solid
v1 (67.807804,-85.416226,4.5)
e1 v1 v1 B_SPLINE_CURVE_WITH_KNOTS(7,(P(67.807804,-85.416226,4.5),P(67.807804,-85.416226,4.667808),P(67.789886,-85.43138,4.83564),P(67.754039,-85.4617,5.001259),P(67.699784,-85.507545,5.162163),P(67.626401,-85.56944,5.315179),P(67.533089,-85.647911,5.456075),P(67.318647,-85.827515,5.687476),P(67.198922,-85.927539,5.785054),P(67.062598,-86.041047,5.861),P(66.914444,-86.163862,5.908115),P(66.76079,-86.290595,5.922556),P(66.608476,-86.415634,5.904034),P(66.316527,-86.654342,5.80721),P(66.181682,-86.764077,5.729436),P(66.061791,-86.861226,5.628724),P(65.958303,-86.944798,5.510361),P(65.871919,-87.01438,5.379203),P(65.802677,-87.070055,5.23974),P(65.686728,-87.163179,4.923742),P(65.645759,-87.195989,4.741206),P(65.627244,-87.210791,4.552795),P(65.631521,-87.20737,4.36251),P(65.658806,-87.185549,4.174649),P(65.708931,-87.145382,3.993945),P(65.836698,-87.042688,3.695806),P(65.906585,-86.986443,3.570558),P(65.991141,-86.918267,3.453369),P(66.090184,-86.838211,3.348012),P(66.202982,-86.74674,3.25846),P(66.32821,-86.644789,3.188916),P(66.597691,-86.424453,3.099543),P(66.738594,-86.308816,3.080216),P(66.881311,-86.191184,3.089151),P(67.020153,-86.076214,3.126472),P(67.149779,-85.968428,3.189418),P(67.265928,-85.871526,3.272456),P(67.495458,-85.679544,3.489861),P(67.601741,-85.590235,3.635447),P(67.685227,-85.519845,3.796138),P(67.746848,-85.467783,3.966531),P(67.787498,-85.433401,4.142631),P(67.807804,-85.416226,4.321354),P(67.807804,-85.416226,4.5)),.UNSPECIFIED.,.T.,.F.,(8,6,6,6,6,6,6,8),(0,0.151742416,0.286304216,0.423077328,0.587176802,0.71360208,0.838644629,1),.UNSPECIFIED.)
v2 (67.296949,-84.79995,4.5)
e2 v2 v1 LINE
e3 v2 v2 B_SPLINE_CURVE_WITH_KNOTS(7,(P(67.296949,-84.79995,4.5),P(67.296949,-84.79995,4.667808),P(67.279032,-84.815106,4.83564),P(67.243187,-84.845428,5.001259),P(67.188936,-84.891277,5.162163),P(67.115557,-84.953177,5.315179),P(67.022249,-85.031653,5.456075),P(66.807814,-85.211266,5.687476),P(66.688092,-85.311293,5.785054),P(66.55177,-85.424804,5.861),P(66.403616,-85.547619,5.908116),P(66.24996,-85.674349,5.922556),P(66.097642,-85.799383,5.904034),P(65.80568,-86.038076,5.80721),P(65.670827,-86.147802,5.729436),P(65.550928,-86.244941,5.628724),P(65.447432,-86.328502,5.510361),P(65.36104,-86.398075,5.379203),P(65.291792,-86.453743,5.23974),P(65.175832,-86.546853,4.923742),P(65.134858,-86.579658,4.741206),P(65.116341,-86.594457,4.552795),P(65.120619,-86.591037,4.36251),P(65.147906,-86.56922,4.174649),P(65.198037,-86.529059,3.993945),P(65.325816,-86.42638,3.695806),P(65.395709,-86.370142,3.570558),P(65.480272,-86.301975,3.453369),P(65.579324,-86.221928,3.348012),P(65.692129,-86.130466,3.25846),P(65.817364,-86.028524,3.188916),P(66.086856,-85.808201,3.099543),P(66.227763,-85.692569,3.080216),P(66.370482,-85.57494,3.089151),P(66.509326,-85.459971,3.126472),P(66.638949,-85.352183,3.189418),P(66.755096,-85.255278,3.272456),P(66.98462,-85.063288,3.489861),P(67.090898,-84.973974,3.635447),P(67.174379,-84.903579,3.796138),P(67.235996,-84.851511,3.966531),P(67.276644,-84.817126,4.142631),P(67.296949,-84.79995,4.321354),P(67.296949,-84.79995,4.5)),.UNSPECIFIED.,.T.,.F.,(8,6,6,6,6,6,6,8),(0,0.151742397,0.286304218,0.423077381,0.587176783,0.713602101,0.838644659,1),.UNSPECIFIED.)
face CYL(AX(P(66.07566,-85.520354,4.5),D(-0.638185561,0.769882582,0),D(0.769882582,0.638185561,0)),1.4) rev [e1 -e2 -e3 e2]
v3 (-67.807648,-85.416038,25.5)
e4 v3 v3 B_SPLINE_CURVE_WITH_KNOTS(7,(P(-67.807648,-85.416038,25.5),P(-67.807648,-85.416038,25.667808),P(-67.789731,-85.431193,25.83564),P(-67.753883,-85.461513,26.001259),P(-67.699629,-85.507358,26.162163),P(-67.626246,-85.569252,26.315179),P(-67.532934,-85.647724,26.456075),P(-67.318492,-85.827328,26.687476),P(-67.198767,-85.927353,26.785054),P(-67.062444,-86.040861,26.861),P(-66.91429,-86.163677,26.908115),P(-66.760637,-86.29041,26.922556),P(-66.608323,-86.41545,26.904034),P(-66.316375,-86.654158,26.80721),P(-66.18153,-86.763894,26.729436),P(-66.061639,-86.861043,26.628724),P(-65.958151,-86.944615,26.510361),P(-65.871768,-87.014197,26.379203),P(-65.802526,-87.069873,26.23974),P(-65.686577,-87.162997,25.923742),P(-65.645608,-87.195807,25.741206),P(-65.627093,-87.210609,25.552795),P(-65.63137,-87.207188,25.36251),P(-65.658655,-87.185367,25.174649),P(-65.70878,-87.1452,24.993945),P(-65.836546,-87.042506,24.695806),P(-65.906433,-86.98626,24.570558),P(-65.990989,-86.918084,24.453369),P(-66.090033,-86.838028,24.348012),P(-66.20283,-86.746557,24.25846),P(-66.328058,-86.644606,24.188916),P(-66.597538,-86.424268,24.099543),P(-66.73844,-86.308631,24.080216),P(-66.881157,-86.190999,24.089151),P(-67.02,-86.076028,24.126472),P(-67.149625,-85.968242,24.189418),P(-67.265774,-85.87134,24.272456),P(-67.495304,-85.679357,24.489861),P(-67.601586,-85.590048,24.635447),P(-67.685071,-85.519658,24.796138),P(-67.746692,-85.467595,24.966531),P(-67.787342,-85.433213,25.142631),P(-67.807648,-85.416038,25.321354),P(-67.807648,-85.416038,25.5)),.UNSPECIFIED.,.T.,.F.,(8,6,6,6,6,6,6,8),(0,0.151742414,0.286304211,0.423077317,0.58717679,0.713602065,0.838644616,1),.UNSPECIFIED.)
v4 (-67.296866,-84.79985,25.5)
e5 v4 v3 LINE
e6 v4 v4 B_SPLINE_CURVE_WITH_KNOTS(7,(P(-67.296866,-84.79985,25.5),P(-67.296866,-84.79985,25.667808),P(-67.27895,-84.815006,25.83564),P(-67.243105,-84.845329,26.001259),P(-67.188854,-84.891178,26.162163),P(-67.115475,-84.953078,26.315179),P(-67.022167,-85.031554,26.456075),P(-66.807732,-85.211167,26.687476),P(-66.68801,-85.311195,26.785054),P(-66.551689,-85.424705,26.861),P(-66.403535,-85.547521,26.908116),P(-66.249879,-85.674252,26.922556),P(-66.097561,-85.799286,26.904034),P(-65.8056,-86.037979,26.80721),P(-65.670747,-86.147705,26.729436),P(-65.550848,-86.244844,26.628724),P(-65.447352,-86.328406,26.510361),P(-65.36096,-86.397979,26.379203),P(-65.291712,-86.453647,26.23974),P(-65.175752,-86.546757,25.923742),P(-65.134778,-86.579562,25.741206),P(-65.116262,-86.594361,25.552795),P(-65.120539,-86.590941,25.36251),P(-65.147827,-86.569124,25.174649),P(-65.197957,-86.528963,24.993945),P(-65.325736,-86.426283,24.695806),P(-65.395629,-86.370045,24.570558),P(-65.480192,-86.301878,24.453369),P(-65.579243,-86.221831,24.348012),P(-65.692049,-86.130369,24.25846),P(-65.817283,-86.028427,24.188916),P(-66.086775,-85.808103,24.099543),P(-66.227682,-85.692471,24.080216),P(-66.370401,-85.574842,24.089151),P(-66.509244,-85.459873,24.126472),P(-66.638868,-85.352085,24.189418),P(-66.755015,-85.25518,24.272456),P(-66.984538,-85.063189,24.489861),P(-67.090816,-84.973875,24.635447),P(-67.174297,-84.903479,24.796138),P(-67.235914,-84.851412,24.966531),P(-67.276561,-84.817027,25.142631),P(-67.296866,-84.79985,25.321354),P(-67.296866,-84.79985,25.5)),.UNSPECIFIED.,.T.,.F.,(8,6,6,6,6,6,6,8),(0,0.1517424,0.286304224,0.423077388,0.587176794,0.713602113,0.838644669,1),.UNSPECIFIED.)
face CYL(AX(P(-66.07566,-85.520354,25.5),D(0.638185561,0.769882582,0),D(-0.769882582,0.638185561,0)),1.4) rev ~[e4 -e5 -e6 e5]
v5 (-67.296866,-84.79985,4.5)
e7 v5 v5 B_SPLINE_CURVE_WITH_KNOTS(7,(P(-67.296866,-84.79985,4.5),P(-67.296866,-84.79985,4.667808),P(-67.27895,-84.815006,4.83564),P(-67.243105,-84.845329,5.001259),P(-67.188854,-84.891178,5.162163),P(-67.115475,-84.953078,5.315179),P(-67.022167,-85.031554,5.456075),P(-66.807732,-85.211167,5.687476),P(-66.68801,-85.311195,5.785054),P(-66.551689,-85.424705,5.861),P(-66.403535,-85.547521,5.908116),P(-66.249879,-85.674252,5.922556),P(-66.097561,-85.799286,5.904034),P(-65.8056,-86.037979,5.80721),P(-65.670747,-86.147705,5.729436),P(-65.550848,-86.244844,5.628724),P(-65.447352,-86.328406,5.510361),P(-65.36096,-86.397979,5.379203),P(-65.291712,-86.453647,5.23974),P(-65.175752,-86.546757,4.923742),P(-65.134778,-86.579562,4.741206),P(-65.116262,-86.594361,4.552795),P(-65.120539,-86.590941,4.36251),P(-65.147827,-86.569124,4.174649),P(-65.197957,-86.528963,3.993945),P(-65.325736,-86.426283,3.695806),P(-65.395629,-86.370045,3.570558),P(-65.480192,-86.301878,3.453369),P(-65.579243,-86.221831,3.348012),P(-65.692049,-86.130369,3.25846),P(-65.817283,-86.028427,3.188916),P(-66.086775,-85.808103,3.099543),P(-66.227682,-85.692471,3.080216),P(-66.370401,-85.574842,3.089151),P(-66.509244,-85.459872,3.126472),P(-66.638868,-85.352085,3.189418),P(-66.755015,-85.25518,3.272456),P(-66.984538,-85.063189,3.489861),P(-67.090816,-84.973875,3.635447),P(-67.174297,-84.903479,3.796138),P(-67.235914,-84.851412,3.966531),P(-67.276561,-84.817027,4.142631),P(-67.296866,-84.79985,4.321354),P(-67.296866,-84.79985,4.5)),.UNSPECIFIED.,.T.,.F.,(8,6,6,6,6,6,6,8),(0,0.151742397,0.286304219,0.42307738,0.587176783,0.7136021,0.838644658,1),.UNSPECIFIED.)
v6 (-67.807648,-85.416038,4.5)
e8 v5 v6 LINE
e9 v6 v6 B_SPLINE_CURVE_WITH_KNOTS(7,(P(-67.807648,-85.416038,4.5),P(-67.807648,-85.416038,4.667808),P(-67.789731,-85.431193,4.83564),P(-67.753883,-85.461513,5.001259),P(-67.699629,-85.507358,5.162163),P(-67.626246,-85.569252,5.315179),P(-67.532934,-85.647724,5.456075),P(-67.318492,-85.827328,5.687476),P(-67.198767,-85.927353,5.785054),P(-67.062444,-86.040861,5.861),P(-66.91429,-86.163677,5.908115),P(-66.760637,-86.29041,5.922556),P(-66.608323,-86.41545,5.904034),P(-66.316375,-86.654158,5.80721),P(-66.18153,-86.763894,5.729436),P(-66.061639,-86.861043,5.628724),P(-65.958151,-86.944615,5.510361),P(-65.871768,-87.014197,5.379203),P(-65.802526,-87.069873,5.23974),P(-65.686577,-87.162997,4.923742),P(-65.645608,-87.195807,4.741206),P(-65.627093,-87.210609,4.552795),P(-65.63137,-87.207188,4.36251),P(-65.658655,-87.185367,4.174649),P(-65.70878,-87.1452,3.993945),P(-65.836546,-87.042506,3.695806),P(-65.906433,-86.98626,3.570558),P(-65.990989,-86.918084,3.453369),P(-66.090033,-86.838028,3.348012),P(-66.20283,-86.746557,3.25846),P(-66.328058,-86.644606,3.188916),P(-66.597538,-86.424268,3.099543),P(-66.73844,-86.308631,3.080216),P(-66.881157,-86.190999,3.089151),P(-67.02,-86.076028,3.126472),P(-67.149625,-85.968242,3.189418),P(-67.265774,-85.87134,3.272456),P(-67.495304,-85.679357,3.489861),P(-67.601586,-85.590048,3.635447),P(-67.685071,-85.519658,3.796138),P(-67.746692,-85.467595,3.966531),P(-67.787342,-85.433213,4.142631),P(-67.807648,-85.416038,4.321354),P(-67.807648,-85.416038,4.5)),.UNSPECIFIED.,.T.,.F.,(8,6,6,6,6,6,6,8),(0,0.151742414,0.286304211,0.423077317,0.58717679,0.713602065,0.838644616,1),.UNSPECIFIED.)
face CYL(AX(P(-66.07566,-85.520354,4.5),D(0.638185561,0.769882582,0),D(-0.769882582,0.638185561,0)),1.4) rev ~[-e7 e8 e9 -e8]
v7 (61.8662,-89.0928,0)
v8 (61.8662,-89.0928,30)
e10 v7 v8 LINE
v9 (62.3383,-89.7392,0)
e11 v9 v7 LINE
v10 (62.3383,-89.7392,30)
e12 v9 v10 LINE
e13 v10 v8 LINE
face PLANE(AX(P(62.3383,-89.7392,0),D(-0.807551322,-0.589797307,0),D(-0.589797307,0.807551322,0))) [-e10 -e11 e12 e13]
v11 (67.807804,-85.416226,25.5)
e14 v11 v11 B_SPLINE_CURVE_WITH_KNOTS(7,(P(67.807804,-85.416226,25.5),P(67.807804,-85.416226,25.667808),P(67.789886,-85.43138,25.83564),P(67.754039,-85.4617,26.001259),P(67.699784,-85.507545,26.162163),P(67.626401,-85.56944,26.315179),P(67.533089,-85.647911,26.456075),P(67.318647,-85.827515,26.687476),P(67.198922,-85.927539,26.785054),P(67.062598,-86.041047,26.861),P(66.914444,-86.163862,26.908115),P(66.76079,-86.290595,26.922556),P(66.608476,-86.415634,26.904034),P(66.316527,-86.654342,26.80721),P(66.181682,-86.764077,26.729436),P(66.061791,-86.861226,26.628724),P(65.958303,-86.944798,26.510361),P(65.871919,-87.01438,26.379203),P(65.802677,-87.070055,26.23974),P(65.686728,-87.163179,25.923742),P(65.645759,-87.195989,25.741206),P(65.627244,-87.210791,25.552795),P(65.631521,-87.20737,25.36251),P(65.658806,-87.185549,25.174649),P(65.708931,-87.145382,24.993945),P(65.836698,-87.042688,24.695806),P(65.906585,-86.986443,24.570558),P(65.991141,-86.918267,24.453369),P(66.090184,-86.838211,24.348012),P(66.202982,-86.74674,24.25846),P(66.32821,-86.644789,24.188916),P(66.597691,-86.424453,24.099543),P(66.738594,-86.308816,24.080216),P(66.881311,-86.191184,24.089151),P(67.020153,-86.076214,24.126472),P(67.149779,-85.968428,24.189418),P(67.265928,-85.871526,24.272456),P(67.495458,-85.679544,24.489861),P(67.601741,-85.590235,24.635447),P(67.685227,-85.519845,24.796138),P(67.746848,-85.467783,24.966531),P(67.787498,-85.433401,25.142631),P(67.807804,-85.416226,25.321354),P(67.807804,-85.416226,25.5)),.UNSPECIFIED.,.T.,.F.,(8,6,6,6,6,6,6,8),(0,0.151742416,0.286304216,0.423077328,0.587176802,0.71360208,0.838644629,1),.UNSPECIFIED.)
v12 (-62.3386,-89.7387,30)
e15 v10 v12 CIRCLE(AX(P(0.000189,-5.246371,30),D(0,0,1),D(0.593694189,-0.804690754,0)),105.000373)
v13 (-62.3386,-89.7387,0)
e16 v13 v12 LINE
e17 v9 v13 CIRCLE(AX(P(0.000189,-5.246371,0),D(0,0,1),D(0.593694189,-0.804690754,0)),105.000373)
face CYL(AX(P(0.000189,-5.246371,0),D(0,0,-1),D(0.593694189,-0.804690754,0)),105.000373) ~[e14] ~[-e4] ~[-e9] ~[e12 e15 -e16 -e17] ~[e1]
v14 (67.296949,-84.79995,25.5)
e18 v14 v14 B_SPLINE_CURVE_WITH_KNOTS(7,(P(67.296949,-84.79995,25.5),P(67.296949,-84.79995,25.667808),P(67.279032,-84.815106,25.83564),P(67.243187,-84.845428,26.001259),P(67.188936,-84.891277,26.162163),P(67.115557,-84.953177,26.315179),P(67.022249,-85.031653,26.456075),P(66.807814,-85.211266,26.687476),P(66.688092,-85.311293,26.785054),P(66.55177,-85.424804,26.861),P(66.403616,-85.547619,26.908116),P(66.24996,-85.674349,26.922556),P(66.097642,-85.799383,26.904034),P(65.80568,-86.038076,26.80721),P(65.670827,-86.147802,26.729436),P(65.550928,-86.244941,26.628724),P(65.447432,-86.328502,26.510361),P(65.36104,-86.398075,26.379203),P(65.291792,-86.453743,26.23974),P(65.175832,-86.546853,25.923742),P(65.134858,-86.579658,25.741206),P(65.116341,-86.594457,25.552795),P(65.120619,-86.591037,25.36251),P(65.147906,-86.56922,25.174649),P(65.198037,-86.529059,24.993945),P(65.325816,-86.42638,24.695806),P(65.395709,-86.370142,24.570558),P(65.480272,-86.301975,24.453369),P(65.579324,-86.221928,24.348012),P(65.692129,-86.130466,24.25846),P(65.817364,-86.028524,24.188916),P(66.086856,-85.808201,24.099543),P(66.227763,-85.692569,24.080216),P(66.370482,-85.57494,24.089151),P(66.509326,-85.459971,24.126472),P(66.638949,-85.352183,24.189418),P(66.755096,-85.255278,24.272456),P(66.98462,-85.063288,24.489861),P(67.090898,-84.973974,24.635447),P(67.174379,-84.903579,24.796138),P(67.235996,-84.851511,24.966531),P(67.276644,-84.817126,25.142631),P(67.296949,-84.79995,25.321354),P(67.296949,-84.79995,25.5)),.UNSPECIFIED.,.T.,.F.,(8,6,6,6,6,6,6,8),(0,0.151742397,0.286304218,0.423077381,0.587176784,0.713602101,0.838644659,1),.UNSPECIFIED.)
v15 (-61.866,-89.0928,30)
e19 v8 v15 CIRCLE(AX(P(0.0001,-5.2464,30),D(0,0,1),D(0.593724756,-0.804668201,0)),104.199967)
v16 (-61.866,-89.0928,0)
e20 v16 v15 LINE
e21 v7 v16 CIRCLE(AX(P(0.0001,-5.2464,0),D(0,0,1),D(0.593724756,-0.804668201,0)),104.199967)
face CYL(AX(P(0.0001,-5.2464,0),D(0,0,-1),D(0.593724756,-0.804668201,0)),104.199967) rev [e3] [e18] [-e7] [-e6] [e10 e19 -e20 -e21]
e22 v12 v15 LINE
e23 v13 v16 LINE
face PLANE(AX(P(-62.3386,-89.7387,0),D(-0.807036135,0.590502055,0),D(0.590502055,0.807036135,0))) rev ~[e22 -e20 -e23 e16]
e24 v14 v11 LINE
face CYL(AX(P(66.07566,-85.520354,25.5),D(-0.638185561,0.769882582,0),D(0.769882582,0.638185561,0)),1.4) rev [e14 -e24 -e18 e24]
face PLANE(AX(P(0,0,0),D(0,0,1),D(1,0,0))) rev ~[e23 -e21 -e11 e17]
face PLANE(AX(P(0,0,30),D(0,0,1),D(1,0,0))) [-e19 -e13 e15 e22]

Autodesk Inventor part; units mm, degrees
ref_plane "YZ Plane" through (0, 0, 0) normal (1, 0, 0) x (0, 1, 0)
ref_plane "XZ Plane" through (0, 0, 0) normal (0, 1, 0) x (-1, 0, 0)
ref_plane "XY Plane" through (0, 0, 0) normal (0, 0, 1) x (1, 0, 0)
sketch "Sketch1" plane through (0, 0, 0) normal (0, 0, 1) x (1, 0, 0)
  arc A0 (62.3383, -89.7392) -> (-62.3386, -89.7387) centre (0.0001, -5.2464) ccw
  arc A1 (61.8662, -89.0928) -> (-61.866, -89.0928) centre (0.0001, -5.2464) ccw
  line L0 (-62.3386, -89.7387) -> (-61.866, -89.0928)
  line L1 (62.3383, -89.7392) -> (61.8662, -89.0928)
  point P0 (0, 0)
  dimension "d0" = 208.4
extrude "Extrusion1" add sketch "Sketch1" along normal blind 30
ref_plane "Work Plane1" through (61.0727, -89.6701, 0) normal (0.6382, -0.7699, 0) x (0.7699, 0.6382, 0)
sketch "Sketch2" plane through (61.0727, -89.6701, 0) normal (0.6382, -0.7699, 0) x (0.7699, 0.6382, 0)
  circle A0 centre (6.5, 25.5) radius 1.4 projected
  circle A1 centre (6.5, 4.5) radius 1.4 projected
  point P0 (10.2035, 0)
extrude "Extrusion2" cut sketch "Sketch2" along normal blind 30
mirror "Mirror1" about plane through (0, 0, 0) normal (1, 0, 0) of "Extrusion2"
properties part number "3rdShroud"
